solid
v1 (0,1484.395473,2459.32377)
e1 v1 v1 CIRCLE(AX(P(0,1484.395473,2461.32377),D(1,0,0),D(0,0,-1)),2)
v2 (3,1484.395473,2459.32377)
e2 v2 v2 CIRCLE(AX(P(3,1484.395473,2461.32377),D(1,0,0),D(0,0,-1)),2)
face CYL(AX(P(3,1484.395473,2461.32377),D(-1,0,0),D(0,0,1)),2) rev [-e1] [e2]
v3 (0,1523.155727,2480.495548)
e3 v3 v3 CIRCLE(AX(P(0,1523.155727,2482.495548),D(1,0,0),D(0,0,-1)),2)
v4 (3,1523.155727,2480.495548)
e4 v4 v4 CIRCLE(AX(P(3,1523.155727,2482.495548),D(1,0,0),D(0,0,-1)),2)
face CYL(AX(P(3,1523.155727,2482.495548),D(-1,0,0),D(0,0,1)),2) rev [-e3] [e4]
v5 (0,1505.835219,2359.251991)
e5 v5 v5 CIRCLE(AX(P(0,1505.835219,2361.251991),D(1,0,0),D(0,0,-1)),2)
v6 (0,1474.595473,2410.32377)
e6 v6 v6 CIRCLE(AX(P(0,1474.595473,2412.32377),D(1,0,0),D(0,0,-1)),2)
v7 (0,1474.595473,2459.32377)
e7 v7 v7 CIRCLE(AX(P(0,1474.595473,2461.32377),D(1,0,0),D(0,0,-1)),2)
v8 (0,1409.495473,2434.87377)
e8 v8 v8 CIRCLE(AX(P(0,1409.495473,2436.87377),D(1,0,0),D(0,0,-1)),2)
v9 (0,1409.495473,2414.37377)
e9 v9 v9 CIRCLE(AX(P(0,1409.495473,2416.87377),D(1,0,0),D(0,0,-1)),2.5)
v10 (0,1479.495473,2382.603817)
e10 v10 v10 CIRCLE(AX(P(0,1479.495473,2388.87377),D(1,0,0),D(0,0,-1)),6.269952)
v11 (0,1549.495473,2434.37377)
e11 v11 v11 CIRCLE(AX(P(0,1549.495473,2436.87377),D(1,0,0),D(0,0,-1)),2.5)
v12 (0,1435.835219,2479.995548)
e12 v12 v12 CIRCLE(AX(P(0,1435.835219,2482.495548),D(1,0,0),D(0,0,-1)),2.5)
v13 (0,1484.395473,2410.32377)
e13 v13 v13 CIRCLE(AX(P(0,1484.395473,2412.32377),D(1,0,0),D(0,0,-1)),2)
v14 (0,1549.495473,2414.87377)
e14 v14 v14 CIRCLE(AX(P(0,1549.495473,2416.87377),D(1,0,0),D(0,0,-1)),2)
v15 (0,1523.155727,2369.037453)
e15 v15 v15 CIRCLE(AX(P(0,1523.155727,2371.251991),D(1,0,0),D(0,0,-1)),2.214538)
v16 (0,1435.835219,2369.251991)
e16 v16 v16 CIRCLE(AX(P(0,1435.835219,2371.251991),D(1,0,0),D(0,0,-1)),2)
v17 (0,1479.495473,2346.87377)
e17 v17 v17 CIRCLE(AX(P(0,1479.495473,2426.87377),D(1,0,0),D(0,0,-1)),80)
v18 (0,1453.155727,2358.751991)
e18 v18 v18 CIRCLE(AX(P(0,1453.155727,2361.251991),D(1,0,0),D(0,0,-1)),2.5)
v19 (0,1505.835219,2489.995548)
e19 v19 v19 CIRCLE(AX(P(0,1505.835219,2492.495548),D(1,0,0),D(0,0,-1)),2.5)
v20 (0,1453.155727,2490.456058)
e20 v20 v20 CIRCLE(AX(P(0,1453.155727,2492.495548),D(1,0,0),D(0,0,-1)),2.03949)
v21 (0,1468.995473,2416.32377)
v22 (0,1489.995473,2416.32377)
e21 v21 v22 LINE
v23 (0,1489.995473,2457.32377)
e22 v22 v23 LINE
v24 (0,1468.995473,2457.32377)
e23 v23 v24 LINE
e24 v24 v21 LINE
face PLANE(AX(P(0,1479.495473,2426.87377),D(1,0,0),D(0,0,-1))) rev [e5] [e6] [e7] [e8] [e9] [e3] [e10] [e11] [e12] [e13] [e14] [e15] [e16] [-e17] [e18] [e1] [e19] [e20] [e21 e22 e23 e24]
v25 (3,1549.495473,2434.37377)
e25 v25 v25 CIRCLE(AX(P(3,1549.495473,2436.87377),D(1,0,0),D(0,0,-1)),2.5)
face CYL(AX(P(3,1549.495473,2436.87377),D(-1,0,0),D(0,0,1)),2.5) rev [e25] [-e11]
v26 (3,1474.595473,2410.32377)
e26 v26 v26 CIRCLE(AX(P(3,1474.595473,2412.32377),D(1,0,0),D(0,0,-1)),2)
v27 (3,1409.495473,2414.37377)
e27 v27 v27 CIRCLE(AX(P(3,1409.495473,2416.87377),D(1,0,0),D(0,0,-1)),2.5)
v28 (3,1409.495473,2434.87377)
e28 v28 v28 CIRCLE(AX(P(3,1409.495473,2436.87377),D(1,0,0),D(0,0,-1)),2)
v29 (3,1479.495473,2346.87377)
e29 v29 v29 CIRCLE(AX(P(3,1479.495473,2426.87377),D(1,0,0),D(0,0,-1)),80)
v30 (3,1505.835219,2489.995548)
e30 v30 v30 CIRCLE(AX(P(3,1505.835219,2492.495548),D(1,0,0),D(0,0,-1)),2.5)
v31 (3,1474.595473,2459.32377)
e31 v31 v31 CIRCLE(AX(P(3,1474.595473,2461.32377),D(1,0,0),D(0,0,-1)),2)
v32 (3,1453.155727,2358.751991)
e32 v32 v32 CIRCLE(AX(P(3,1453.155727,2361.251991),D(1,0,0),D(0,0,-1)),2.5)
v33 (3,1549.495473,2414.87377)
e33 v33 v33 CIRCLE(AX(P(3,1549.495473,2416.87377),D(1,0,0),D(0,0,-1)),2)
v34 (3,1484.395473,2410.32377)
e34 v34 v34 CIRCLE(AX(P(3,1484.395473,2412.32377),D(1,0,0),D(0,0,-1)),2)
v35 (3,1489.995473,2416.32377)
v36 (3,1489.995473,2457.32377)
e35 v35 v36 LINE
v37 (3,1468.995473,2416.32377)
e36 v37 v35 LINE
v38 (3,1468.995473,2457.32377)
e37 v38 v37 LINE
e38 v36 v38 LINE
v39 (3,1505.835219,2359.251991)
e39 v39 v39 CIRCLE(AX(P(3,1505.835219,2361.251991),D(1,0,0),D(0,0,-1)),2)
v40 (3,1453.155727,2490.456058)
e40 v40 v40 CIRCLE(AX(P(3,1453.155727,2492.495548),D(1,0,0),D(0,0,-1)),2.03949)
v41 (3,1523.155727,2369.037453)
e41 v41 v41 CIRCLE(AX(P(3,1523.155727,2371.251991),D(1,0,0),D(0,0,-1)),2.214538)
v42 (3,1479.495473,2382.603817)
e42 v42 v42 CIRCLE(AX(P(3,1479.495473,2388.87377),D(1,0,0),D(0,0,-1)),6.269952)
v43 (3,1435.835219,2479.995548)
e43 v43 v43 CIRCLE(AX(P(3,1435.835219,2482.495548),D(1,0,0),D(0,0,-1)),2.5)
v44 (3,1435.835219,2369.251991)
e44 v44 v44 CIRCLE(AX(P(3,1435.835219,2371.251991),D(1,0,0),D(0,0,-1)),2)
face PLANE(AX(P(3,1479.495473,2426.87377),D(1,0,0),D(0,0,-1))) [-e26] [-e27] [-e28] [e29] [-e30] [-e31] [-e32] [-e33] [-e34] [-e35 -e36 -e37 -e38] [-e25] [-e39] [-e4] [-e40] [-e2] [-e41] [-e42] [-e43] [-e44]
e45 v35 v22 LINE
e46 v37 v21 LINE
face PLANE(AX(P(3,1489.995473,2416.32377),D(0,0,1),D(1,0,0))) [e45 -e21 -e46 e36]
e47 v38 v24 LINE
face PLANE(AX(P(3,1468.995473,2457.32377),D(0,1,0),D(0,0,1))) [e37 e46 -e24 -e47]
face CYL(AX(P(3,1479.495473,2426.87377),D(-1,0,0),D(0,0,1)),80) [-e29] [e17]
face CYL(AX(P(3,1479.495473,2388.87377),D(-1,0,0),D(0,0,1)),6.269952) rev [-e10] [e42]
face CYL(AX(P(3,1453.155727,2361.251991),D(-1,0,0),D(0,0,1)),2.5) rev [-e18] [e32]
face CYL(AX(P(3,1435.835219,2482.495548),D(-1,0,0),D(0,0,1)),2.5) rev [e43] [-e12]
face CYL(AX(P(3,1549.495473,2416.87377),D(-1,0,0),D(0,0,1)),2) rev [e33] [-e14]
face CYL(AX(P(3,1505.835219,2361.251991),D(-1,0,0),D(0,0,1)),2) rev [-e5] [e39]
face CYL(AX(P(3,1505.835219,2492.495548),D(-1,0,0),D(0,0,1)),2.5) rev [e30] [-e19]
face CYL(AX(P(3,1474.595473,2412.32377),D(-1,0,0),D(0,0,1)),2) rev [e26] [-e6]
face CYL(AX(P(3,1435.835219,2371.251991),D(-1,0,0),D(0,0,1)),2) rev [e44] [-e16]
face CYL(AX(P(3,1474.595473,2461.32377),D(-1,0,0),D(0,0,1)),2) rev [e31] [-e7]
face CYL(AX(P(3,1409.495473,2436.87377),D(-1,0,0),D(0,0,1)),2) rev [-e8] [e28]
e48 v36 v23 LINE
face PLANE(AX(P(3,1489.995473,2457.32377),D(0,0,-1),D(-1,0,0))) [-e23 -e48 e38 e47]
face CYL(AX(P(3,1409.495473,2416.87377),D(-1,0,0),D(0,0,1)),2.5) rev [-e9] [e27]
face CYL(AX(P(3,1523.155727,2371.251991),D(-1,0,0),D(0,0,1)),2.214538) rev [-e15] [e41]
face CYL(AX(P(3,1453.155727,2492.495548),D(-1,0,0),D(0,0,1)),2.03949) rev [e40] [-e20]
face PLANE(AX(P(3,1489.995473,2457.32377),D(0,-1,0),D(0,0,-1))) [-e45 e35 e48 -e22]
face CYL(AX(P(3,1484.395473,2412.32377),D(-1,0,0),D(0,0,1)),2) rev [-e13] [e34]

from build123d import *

# Parameters (mm, degrees)
SKETCH_1_R      = 80
SKETCH_1_R_2    = 6.269952148
SKETCH_1_R_3    = 2
SKETCH_1_R_4    = 2.5
SKETCH_1_R_5    = 2.214537903
SKETCH_1_R_6    = 2.039490197
SKETCH_1_W      = 41
SKETCH_1_H      = 21
EXTRUDE_1_DEPTH = 3


with BuildPart() as part:
    # ｽｹｯﾁ1 → ﾎﾞｽ - 押し出し1 (new body)
    with BuildSketch(Plane(origin=(0, 0, 0), x_dir=(0, 0, -1), z_dir=(1, 0, 0))):
        with Locations((-2426.873769578, 1479.495473195)):
            Circle(SKETCH_1_R)
        with Locations((-2388.873769578, 1479.495473195)):
            Circle(SKETCH_1_R_2, mode=Mode.SUBTRACT)
        with Locations((-2412.323769578, 1484.395473195)):
            Circle(SKETCH_1_R_3, mode=Mode.SUBTRACT)
        with Locations((-2412.323769578, 1474.595473195)):
            Circle(SKETCH_1_R_3, mode=Mode.SUBTRACT)
        with Locations((-2461.323769578, 1484.395473195)):
            Circle(SKETCH_1_R_3, mode=Mode.SUBTRACT)
        with Locations((-2461.323769578, 1474.595473195)):
            Circle(SKETCH_1_R_3, mode=Mode.SUBTRACT)
        with Locations((-2492.495547842, 1505.835219157)):
            Circle(SKETCH_1_R_4, mode=Mode.SUBTRACT)
        with Locations((-2482.495547842, 1523.155727232)):
            Circle(SKETCH_1_R_3, mode=Mode.SUBTRACT)
        with Locations((-2436.873769578, 1549.495473195)):
            Circle(SKETCH_1_R_4, mode=Mode.SUBTRACT)
        with Locations((-2416.873769578, 1549.495473195)):
            Circle(SKETCH_1_R_3, mode=Mode.SUBTRACT)
        with Locations((-2371.251991313, 1523.155727232)):
            Circle(SKETCH_1_R_5, mode=Mode.SUBTRACT)
        with Locations((-2361.251991313, 1505.835219157)):
            Circle(SKETCH_1_R_3, mode=Mode.SUBTRACT)
        with Locations((-2361.251991313, 1453.155727232)):
            Circle(SKETCH_1_R_4, mode=Mode.SUBTRACT)
        with Locations((-2371.251991313, 1435.835219157)):
            Circle(SKETCH_1_R_3, mode=Mode.SUBTRACT)
        with Locations((-2416.873769578, 1409.495473195)):
            Circle(SKETCH_1_R_4, mode=Mode.SUBTRACT)
        with Locations((-2436.873769578, 1409.495473195)):
            Circle(SKETCH_1_R_3, mode=Mode.SUBTRACT)
        with Locations((-2482.495547842, 1435.835219157)):
            Circle(SKETCH_1_R_4, mode=Mode.SUBTRACT)
        with Locations((-2492.495547842, 1453.155727232)):
            Circle(SKETCH_1_R_6, mode=Mode.SUBTRACT)
        with Locations((-2436.823769578, 1479.495473195)):
            Rectangle(SKETCH_1_W, SKETCH_1_H, mode=Mode.SUBTRACT)
    extrude(amount=EXTRUDE_1_DEPTH)


solid = part.part
